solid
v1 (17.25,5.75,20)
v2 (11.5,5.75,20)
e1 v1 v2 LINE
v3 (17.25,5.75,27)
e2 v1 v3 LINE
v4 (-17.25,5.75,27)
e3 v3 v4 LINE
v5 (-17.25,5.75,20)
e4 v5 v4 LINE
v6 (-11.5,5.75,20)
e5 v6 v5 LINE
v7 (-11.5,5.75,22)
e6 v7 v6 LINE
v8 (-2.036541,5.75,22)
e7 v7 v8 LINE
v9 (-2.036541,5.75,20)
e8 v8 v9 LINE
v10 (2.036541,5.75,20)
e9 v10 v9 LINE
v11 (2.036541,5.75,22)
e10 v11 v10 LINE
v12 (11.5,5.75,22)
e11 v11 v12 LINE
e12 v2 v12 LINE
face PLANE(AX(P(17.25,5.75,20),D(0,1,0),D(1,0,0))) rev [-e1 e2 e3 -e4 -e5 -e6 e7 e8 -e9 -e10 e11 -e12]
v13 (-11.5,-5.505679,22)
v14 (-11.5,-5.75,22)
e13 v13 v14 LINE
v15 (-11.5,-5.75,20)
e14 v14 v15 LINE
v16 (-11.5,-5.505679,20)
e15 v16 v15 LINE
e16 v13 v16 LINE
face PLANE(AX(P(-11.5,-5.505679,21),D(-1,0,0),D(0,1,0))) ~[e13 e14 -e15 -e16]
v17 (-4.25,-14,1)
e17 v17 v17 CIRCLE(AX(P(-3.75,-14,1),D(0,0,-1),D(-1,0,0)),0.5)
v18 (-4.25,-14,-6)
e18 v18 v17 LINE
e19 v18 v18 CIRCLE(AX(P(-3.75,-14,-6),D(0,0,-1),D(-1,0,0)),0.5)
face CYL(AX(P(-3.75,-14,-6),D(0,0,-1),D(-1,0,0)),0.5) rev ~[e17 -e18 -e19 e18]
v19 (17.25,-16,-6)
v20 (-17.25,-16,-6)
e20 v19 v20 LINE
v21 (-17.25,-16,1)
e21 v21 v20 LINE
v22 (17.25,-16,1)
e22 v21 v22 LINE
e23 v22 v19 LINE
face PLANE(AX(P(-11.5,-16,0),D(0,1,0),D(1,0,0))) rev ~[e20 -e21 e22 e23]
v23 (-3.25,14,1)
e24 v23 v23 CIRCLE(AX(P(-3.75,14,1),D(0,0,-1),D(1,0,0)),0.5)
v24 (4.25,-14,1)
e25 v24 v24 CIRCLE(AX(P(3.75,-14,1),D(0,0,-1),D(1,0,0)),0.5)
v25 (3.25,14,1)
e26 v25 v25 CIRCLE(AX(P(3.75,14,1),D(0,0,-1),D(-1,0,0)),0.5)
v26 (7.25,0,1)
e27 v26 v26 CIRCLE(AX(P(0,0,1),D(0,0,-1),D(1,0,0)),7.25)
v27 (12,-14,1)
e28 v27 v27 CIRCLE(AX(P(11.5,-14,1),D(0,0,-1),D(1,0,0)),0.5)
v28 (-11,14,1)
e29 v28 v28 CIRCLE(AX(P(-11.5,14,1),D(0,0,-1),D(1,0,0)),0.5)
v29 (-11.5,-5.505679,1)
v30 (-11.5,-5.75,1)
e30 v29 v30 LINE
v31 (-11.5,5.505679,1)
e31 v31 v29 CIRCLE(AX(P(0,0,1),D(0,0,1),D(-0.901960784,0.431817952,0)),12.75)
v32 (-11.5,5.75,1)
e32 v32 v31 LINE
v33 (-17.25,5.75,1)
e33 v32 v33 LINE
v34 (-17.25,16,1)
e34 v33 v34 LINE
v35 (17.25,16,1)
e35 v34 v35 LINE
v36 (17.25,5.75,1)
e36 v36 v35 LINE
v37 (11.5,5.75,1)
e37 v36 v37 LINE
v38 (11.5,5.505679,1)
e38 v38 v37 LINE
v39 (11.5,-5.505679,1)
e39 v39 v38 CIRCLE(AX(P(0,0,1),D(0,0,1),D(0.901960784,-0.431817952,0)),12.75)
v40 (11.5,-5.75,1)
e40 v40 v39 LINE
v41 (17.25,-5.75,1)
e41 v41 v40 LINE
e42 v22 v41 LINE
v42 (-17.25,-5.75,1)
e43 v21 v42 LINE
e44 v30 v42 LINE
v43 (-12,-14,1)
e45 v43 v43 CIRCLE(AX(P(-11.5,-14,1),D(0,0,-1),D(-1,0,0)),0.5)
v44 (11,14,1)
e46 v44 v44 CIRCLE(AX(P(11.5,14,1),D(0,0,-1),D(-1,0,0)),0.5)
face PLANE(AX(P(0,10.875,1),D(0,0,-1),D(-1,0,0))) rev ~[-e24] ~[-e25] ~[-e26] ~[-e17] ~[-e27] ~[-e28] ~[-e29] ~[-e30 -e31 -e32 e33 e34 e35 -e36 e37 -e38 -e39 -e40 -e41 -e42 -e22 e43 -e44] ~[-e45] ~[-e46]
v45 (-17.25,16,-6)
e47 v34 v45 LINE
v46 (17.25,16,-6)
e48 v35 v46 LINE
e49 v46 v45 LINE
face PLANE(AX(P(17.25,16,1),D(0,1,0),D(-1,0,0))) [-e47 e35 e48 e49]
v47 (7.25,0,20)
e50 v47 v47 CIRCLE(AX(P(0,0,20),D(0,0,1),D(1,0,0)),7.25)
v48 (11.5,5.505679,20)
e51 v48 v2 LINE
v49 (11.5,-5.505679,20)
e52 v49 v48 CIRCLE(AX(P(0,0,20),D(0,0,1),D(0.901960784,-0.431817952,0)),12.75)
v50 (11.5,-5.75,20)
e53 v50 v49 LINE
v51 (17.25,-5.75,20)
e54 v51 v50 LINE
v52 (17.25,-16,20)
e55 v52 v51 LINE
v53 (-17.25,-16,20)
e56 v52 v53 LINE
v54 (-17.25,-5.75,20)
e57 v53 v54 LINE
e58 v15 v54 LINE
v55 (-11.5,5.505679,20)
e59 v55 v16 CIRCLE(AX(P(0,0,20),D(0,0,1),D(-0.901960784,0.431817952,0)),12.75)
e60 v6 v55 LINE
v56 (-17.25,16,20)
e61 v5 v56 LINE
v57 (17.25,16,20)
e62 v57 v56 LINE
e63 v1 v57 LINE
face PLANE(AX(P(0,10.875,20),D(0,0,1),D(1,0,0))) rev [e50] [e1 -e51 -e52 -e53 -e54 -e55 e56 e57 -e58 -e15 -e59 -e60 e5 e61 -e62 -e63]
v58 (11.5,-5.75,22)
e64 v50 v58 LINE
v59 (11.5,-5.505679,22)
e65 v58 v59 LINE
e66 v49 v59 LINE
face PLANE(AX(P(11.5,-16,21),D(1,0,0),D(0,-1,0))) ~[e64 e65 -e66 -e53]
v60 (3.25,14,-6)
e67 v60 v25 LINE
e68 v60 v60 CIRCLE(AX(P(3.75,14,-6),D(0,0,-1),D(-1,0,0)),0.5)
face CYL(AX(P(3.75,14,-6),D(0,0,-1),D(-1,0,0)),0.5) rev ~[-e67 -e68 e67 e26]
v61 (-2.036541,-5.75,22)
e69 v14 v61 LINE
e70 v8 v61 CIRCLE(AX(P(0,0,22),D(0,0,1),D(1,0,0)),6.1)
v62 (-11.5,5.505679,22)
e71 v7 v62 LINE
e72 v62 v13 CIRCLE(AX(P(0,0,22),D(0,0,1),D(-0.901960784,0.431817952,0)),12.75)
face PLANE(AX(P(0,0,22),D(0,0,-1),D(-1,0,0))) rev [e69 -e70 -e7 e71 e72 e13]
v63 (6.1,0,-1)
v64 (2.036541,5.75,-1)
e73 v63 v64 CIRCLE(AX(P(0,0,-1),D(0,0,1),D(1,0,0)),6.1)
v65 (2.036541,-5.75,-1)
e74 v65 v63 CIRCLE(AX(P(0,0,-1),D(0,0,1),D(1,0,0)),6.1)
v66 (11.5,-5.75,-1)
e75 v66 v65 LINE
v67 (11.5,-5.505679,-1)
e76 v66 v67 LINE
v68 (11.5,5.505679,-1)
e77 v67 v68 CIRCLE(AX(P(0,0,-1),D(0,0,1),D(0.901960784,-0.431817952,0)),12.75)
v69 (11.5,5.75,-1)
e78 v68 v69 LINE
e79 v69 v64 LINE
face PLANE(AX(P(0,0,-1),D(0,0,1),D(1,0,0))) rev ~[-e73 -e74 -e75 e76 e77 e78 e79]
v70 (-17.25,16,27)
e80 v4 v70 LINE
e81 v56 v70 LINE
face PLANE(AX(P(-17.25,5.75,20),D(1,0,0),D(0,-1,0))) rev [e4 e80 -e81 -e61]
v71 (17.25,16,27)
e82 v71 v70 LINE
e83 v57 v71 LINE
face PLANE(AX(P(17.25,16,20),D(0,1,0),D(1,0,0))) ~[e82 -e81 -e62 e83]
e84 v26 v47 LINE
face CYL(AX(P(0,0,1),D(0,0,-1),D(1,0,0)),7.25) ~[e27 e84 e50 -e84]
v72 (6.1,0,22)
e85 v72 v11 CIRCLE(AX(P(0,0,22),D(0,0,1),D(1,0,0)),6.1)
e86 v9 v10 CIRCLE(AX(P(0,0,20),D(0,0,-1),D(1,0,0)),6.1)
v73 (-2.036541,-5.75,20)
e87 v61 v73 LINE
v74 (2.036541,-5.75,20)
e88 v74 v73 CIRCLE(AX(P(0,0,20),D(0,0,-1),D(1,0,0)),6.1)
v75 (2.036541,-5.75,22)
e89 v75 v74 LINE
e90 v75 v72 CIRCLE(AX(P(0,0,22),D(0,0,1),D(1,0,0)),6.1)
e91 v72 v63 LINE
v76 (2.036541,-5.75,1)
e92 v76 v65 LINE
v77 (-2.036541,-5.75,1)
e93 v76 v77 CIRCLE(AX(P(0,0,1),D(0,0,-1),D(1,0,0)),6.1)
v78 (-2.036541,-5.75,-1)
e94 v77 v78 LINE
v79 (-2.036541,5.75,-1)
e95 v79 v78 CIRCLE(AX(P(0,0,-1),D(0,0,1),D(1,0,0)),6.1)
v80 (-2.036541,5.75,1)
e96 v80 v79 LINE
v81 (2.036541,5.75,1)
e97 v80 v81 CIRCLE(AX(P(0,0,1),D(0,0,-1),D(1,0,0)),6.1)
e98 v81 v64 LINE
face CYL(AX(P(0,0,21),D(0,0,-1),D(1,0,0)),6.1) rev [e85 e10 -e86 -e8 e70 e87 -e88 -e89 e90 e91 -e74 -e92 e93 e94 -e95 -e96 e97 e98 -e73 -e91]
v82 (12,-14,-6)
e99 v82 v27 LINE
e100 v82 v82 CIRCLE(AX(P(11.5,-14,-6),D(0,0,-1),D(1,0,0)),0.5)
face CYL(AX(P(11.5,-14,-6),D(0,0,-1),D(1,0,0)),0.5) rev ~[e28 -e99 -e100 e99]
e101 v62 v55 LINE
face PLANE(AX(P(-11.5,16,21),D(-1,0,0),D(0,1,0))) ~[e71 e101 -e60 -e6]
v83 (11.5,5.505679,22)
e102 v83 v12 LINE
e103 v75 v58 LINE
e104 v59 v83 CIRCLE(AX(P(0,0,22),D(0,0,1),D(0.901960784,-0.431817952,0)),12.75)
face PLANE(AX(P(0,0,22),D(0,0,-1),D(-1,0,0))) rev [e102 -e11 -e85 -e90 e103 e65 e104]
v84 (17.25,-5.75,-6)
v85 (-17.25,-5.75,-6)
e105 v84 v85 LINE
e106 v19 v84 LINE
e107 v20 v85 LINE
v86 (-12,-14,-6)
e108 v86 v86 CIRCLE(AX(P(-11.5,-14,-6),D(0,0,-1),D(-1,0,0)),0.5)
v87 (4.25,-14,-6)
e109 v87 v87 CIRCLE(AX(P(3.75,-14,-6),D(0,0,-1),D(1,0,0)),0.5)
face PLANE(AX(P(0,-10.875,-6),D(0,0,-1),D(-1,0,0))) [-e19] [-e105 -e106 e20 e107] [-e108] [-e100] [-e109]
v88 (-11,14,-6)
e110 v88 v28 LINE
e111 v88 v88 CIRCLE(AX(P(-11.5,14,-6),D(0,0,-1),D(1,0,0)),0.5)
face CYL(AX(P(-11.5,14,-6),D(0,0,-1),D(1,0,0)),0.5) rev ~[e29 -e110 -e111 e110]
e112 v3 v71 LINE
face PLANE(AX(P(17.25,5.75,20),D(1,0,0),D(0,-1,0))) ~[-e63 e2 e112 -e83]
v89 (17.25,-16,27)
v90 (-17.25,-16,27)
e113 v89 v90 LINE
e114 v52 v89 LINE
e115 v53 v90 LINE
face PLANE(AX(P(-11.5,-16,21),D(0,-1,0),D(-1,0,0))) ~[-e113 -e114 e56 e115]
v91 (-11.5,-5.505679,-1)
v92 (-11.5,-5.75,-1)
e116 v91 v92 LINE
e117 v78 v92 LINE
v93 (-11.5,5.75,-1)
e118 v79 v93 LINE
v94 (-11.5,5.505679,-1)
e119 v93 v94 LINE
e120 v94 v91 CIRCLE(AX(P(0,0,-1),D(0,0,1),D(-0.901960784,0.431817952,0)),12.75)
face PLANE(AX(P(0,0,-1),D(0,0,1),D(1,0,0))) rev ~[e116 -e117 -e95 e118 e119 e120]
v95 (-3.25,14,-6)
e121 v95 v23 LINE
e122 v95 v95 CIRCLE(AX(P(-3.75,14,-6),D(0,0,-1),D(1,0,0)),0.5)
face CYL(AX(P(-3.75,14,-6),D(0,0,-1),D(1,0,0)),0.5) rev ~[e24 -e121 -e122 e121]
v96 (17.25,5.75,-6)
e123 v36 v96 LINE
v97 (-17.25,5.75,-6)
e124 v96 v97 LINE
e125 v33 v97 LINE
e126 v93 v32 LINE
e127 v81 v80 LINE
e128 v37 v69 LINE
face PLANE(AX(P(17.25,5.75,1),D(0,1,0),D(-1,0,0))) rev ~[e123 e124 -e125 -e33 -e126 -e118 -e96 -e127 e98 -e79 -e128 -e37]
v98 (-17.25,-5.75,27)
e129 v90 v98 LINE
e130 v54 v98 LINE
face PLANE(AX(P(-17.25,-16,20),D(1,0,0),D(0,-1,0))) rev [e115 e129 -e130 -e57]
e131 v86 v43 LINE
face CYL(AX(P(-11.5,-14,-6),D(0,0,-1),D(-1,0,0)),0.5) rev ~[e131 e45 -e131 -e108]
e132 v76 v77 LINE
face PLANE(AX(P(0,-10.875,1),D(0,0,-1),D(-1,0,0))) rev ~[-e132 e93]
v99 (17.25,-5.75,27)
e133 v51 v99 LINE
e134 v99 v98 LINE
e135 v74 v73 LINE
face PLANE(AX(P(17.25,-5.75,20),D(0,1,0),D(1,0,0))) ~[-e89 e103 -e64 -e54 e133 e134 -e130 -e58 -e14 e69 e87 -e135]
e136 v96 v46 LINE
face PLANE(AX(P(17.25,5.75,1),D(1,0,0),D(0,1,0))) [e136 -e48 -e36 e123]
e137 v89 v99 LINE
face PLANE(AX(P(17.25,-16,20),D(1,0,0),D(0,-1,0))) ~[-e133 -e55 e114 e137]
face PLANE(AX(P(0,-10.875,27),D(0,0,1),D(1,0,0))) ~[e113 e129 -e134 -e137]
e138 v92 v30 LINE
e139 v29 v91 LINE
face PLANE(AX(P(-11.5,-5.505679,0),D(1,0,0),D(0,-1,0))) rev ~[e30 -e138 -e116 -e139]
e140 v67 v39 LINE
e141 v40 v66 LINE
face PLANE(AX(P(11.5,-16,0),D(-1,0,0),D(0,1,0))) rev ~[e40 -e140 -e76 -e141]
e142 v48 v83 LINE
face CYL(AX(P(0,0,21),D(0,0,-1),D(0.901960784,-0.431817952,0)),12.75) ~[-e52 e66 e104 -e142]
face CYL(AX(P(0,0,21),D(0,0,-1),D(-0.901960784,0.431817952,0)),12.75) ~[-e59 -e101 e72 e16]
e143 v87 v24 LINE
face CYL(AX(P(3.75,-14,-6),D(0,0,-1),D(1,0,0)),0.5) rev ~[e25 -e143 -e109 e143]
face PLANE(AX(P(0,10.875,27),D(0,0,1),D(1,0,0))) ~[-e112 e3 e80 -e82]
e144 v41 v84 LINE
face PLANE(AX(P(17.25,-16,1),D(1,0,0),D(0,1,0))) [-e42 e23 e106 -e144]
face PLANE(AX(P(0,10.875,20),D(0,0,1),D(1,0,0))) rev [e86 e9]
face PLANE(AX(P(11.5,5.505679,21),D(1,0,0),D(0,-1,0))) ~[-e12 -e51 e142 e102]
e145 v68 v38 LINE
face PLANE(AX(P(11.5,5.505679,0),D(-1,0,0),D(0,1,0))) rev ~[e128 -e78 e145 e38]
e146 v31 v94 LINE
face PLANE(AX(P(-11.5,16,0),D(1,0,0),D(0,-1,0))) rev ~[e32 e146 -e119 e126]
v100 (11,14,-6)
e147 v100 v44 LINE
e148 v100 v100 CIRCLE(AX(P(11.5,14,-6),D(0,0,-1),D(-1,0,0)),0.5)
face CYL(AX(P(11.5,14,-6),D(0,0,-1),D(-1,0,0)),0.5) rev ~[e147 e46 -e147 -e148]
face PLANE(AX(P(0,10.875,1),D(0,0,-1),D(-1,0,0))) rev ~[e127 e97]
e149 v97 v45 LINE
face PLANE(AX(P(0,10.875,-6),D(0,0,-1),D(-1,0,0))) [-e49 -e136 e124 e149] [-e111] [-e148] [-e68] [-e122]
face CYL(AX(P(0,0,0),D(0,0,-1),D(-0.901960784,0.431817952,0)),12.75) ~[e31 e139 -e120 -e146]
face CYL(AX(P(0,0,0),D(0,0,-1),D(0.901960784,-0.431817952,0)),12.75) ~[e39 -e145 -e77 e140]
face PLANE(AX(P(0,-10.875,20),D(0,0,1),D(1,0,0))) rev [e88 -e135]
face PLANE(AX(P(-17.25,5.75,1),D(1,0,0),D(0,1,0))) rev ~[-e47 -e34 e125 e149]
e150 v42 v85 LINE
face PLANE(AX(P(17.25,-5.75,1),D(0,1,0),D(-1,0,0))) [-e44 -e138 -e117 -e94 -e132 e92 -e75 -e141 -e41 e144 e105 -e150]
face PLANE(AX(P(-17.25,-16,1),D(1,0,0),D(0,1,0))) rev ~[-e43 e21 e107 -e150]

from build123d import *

# Parameters (mm, degrees)
SKETCH1_R           = 7.25
SKETCH1_R_2         = 6.1
BOSS_EXTRUDE1_DEPTH = 1
SKETCH2_R           = 7.25
SKETCH2_R_2         = 6.1
BOSS_EXTRUDE4_DEPTH = 19
BOSS_EXTRUDE5_START = -2
SKETCH3_W           = 34.5
SKETCH3_H           = 10.25
BOSS_EXTRUDE5_DEPTH = 7
SKETCH4_R           = 0.5
CUT_EXTRUDE1_DEPTH  = 10


with BuildPart() as part:
    # Sketch1 → Boss-Extrude1 (new, symmetric)
    # profile 1 of 2: a face of its own
    with BuildSketch(Plane.XY):
        with BuildLine():
            Line((11.5, -16), (11.5, -5.505678886))
            ThreePointArc((11.5, -5.505678886), (12.75, 0), (11.5, 5.505678886))
            Line((11.5, 5.505678886), (11.5, 16))
            Line((11.5, 16), (-11.5, 16))
            Line((-11.5, 16), (-11.5, 5.505678886))
            ThreePointArc((-11.5, 5.505678886), (-12.75, 0), (-11.5, -5.505678886))
            Line((-11.5, -5.505678886), (-11.5, -16))
            Line((-11.5, -16), (11.5, -16))
        make_face()
        Circle(SKETCH1_R, mode=Mode.SUBTRACT)
    # profile 2 of 2: a face of its own
    with BuildSketch(Plane.XY):
        Circle(SKETCH1_R)
        Circle(SKETCH1_R_2, mode=Mode.SUBTRACT)
    boss_extrude1 = extrude(amount=BOSS_EXTRUDE1_DEPTH, both=True)

    # Sketch2 → Boss-Extrude4 (add)
    with BuildSketch(Plane.XY.offset(1)):
        Circle(SKETCH2_R)
        Circle(SKETCH2_R_2, mode=Mode.SUBTRACT)
    extrude(amount=BOSS_EXTRUDE4_DEPTH)

    # Sketch3 → Boss-Extrude5 (add)
    with BuildSketch(Plane(origin=(0, 0, -1), x_dir=(-1, 0, 0), z_dir=(0, 0, -1)).offset(BOSS_EXTRUDE5_START)):
        with Locations((0, 10.875)):
            Rectangle(SKETCH3_W, SKETCH3_H)
        with Locations((0, -10.875)):
            Rectangle(SKETCH3_W, SKETCH3_H)
    boss_extrude5 = extrude(amount=BOSS_EXTRUDE5_DEPTH)

    # Mirror1: Boss-Extrude1, Boss-Extrude5 across plane
    add(boss_extrude1.mirror(Plane.XY.offset(10.5)))
    add(boss_extrude5.mirror(Plane.XY.offset(10.5)))

    # Sketch4 → Cut-Extrude1 (cut)
    with BuildSketch(Plane(origin=(0, 0, -6), x_dir=(-1, 0, 0), z_dir=(0, 0, -1))):
        with Locations((-11.5, 14)):
            Circle(SKETCH4_R)
        with Locations((-3.75, 14)):
            Circle(SKETCH4_R)
        with Locations(Location((3.75, 14, 0), (0, 0, 180))):
            Circle(SKETCH4_R)
        with Locations(Location((11.5, 14, 0), (0, 0, 180))):
            Circle(SKETCH4_R)
        with Locations((3.75, -14)):
            Circle(SKETCH4_R)
        with Locations(Location((-3.75, -14, 0), (0, 0, 180))):
            Circle(SKETCH4_R)
        with Locations(Location((-11.5, -14, 0), (0, 0, 180))):
            Circle(SKETCH4_R)
        with Locations((11.5, -14)):
            Circle(SKETCH4_R)
    extrude(amount=-CUT_EXTRUDE1_DEPTH, mode=Mode.SUBTRACT)


solid = part.part
